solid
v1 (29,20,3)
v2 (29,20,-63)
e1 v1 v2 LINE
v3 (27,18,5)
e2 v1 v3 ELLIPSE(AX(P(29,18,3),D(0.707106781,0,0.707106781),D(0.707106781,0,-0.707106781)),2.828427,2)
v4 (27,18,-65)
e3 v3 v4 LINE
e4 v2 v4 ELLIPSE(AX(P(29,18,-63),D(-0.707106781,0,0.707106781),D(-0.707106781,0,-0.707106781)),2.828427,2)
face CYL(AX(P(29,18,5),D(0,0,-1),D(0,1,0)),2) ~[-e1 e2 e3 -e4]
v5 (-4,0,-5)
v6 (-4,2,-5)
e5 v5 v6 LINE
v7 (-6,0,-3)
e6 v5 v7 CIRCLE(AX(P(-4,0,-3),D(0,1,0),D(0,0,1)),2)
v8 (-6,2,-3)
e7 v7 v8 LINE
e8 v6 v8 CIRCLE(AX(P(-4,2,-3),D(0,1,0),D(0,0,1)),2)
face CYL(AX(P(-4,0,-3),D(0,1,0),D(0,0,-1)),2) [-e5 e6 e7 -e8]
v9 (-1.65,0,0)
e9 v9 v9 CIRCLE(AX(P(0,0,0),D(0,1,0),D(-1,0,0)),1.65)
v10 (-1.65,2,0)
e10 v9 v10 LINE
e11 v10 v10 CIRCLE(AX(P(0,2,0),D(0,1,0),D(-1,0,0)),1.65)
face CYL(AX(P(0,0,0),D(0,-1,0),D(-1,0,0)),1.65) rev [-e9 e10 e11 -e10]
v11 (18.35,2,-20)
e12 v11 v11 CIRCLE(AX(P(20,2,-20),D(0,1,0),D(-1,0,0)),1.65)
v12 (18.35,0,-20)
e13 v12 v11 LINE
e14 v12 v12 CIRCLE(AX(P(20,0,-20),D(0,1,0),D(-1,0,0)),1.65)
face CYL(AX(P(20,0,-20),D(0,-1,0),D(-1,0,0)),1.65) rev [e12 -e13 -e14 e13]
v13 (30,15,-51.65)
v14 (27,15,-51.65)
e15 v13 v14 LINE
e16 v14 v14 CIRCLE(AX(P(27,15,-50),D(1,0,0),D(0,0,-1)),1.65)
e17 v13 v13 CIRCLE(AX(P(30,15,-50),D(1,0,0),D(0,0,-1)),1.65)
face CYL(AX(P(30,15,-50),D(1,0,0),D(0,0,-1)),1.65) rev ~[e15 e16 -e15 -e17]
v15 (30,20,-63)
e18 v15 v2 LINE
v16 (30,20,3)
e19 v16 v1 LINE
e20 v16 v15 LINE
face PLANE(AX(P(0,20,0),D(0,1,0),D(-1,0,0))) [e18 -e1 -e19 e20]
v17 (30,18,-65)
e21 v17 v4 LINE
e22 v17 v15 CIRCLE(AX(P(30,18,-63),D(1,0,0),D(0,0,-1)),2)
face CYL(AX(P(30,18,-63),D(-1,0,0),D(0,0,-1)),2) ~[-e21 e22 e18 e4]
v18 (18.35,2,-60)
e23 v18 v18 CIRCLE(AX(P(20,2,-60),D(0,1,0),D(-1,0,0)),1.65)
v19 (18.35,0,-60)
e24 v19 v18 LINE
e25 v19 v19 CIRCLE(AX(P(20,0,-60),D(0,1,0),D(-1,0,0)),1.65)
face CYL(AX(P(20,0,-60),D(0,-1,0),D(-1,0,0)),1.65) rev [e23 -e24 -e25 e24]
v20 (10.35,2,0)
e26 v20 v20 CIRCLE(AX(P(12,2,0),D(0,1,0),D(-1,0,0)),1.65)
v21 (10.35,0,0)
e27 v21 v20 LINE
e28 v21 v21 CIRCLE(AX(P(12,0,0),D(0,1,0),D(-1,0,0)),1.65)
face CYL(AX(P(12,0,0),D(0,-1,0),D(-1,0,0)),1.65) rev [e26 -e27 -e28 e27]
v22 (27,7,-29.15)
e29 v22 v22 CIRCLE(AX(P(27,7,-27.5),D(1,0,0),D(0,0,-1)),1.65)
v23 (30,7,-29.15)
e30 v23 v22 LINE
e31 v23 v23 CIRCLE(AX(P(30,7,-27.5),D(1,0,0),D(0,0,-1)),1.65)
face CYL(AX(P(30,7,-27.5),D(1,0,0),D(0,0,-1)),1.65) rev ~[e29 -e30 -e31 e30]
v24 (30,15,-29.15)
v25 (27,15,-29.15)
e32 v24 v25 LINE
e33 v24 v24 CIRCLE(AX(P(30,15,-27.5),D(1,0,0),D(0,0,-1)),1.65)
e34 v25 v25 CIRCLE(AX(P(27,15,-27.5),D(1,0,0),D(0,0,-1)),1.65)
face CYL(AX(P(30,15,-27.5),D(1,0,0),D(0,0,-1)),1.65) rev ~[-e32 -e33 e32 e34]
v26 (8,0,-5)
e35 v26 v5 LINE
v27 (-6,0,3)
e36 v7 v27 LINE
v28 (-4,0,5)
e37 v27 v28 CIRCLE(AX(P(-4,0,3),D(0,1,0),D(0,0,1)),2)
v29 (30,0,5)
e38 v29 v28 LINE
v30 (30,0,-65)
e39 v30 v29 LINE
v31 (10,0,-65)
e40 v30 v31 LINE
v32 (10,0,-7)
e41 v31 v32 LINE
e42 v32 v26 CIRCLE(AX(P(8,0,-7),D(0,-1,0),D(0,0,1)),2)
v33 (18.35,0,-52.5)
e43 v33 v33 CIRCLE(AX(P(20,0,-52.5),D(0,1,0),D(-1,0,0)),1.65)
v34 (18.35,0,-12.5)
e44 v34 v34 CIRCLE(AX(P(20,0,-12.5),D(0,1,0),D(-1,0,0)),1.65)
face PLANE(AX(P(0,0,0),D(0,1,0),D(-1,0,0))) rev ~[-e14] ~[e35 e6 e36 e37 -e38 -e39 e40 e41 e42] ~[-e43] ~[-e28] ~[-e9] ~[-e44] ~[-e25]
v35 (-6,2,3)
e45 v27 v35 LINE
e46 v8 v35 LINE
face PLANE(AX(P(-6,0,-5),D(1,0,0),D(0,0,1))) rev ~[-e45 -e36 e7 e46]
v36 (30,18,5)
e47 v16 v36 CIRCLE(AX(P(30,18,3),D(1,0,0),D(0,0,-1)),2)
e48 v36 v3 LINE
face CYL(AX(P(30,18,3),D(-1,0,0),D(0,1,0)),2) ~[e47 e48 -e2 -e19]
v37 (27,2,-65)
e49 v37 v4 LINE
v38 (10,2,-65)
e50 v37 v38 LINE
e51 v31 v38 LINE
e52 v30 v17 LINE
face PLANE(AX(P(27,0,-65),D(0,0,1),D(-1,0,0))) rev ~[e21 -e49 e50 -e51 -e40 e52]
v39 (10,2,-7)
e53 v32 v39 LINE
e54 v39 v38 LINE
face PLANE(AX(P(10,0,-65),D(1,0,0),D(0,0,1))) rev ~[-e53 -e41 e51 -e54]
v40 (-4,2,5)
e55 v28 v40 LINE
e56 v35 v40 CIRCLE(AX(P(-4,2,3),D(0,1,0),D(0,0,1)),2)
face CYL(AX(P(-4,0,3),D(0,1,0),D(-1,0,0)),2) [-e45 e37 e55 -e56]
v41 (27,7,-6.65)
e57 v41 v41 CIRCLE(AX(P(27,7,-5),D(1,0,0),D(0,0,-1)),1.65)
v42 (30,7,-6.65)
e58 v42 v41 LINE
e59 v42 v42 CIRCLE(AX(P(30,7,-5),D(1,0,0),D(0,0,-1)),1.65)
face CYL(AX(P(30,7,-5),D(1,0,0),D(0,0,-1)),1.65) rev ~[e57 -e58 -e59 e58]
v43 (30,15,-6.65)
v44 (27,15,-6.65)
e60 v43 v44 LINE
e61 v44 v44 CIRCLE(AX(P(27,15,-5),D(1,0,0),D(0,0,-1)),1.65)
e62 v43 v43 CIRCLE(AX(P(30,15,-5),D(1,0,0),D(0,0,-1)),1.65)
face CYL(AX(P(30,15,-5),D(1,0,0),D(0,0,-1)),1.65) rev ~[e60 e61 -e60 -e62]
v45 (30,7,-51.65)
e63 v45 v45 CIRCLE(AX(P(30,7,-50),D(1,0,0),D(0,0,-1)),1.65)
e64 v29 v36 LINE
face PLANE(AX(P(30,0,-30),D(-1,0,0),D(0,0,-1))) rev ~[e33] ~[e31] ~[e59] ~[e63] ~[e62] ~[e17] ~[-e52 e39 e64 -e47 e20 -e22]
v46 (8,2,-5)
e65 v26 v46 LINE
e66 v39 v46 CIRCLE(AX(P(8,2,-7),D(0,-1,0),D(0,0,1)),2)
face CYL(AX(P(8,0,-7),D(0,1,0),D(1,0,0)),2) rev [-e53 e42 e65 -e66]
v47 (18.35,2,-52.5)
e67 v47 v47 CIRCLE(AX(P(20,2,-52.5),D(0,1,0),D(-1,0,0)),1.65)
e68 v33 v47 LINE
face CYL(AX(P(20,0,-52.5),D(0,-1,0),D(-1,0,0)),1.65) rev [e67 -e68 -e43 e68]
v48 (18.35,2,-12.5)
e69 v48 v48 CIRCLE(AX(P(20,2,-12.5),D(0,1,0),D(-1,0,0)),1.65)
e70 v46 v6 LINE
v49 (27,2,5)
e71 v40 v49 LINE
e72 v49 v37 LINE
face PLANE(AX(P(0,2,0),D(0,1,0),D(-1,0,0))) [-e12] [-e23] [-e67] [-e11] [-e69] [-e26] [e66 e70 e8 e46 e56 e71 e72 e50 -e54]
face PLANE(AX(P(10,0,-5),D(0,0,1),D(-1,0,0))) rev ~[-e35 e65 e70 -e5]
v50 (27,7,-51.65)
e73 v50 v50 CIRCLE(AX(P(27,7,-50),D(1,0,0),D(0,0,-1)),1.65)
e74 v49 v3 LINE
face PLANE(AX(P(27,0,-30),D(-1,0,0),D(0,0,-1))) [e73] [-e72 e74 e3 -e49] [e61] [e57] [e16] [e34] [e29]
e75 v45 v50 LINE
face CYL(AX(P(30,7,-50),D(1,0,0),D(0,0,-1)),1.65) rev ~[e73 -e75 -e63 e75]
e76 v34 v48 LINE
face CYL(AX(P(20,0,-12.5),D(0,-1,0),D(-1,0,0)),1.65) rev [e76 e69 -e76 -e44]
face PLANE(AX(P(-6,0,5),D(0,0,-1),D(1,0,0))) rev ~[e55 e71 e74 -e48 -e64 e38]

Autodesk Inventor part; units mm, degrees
ref_plane "YZ Plane" through (0, 0, 0) normal (1, 0, 0) x (0, 1, 0)
ref_plane "XZ Plane" through (0, 0, 0) normal (0, 1, 0) x (-1, 0, 0)
ref_plane "XY Plane" through (0, 0, 0) normal (0, 0, 1) x (1, 0, 0)
sketch "Sketch1" plane through (0, 0, 0) normal (0, 1, 0) x (-1, 0, 0)
  circle A0 centre (0, 0) radius 1.65
  circle A1 centre (-12, 0) radius 1.65
  circle A2 centre (-20, -12.5) radius 1.65
  circle A3 centre (-20, -52.5) radius 1.65
  line L0 (-10, -30) -> (-30, -30)
  line L1 (-30, -30) -> (-30, 5)
  line L2 (-30, 5) -> (-10, 5)
  line L3 (-10, 5) -> (-10, -30)
  line L4 (-10, -30) -> (-30, 5) construction
  line L5 (-30, -30) -> (-10, 5) construction
  line L6 (-30, -5) -> (6, -5)
  line L7 (6, -5) -> (6, 5)
  line L8 (6, 5) -> (-30, 5)
  line L9 (-30, 5) -> (-30, -5)
  line L10 (-30, -5) -> (6, 5) construction
  line L11 (6, -5) -> (-30, 5) construction
  line L12 (-10, -30) -> (-30, -30)
  line L13 (-30, -30) -> (-30, -65)
  line L14 (-30, -65) -> (-10, -65)
  line L15 (-10, -65) -> (-10, -30)
  line L16 (-30, 5) -> (-27, 5)
  line L17 (-27, 5) -> (-27, -65)
  line L18 (-27, -65) -> (-30, -65)
  line L19 (-30, -65) -> (-30, 5)
  circle A4 centre (-20, -20) radius 1.65
  circle A5 centre (-20, -60) radius 1.65
  point P0 (-10, -5)
  dimension "d0" = 3.3
  dimension "d1" = 3.3
  dimension "d2" = 12
  dimension "d3" = 3.3
  dimension "d4" = 12.5
  dimension "d5" = 20
  dimension "d6" = 3.3
  dimension "d7" = 40
  dimension "d8" = 20
  dimension "d9" = 35
  dimension "d25" = 3.3
  dimension "d26" = 20
  dimension "d27" = 3.3
  dimension "d28" = 40
extrude "Extrusion1" add sketch "Sketch1" along normal blind 2 contours L15 L14 L17 L0 | L0 L17 L6 L3 | L6 L17 L2 L3 | L3 L8 L7 L6
extrude "Extrusion2" add sketch "Sketch1" along normal blind 20 contours L17 L14 L13 L0 | L0 L1 L6 L17 | L6 L1 L2 L17
sketch "Sketch2" plane through (30, 0, 5) normal (1, 0, 0) x (0, 0, -1)
  circle A0 centre (10, 15) radius 1.65
  line L0 (0, 0) -> (0, 20) projected
  circle A1 centre (55, 15) radius 1.65
  line L1 (70, 0) -> (70, 20) projected
  circle A2 centre (32.5, 15) radius 1.65
  line L2 (0, 20) -> (70, 20) projected
  line L3 (0, 2) -> (0, 20) projected
  line L4 (0, 11) -> (70, 11)
  circle A3 centre (10, 7) radius 1.65
  circle A4 centre (55, 7) radius 1.65
  circle A5 centre (32.5, 7) radius 1.65
  point P0 (5, 0)
  point P1 (70, 10)
  dimension "d14" = 3.3
  dimension "d15" = 10
  dimension "d16" = 3.3
  dimension "d18" = 3.3
  dimension "d21" = 5
  dimension "d22" = 5
  dimension "d23" = 5
  dimension "d24" = 15
extrude "Extrusion3" cut sketch "Sketch2" against normal blind 20 contours A0 | A1 | A2 | A3 | A4 | A5
fillet "Fillet1" radius 2 6 edges at (-6, 1, -5) (10, 1, -5) (27, 20, -30) (28.5, 20, 5) (28.5, 20, -65) (-6, 1, 5)
properties part number "Holder Conveyor Kiri_3DPrint"
